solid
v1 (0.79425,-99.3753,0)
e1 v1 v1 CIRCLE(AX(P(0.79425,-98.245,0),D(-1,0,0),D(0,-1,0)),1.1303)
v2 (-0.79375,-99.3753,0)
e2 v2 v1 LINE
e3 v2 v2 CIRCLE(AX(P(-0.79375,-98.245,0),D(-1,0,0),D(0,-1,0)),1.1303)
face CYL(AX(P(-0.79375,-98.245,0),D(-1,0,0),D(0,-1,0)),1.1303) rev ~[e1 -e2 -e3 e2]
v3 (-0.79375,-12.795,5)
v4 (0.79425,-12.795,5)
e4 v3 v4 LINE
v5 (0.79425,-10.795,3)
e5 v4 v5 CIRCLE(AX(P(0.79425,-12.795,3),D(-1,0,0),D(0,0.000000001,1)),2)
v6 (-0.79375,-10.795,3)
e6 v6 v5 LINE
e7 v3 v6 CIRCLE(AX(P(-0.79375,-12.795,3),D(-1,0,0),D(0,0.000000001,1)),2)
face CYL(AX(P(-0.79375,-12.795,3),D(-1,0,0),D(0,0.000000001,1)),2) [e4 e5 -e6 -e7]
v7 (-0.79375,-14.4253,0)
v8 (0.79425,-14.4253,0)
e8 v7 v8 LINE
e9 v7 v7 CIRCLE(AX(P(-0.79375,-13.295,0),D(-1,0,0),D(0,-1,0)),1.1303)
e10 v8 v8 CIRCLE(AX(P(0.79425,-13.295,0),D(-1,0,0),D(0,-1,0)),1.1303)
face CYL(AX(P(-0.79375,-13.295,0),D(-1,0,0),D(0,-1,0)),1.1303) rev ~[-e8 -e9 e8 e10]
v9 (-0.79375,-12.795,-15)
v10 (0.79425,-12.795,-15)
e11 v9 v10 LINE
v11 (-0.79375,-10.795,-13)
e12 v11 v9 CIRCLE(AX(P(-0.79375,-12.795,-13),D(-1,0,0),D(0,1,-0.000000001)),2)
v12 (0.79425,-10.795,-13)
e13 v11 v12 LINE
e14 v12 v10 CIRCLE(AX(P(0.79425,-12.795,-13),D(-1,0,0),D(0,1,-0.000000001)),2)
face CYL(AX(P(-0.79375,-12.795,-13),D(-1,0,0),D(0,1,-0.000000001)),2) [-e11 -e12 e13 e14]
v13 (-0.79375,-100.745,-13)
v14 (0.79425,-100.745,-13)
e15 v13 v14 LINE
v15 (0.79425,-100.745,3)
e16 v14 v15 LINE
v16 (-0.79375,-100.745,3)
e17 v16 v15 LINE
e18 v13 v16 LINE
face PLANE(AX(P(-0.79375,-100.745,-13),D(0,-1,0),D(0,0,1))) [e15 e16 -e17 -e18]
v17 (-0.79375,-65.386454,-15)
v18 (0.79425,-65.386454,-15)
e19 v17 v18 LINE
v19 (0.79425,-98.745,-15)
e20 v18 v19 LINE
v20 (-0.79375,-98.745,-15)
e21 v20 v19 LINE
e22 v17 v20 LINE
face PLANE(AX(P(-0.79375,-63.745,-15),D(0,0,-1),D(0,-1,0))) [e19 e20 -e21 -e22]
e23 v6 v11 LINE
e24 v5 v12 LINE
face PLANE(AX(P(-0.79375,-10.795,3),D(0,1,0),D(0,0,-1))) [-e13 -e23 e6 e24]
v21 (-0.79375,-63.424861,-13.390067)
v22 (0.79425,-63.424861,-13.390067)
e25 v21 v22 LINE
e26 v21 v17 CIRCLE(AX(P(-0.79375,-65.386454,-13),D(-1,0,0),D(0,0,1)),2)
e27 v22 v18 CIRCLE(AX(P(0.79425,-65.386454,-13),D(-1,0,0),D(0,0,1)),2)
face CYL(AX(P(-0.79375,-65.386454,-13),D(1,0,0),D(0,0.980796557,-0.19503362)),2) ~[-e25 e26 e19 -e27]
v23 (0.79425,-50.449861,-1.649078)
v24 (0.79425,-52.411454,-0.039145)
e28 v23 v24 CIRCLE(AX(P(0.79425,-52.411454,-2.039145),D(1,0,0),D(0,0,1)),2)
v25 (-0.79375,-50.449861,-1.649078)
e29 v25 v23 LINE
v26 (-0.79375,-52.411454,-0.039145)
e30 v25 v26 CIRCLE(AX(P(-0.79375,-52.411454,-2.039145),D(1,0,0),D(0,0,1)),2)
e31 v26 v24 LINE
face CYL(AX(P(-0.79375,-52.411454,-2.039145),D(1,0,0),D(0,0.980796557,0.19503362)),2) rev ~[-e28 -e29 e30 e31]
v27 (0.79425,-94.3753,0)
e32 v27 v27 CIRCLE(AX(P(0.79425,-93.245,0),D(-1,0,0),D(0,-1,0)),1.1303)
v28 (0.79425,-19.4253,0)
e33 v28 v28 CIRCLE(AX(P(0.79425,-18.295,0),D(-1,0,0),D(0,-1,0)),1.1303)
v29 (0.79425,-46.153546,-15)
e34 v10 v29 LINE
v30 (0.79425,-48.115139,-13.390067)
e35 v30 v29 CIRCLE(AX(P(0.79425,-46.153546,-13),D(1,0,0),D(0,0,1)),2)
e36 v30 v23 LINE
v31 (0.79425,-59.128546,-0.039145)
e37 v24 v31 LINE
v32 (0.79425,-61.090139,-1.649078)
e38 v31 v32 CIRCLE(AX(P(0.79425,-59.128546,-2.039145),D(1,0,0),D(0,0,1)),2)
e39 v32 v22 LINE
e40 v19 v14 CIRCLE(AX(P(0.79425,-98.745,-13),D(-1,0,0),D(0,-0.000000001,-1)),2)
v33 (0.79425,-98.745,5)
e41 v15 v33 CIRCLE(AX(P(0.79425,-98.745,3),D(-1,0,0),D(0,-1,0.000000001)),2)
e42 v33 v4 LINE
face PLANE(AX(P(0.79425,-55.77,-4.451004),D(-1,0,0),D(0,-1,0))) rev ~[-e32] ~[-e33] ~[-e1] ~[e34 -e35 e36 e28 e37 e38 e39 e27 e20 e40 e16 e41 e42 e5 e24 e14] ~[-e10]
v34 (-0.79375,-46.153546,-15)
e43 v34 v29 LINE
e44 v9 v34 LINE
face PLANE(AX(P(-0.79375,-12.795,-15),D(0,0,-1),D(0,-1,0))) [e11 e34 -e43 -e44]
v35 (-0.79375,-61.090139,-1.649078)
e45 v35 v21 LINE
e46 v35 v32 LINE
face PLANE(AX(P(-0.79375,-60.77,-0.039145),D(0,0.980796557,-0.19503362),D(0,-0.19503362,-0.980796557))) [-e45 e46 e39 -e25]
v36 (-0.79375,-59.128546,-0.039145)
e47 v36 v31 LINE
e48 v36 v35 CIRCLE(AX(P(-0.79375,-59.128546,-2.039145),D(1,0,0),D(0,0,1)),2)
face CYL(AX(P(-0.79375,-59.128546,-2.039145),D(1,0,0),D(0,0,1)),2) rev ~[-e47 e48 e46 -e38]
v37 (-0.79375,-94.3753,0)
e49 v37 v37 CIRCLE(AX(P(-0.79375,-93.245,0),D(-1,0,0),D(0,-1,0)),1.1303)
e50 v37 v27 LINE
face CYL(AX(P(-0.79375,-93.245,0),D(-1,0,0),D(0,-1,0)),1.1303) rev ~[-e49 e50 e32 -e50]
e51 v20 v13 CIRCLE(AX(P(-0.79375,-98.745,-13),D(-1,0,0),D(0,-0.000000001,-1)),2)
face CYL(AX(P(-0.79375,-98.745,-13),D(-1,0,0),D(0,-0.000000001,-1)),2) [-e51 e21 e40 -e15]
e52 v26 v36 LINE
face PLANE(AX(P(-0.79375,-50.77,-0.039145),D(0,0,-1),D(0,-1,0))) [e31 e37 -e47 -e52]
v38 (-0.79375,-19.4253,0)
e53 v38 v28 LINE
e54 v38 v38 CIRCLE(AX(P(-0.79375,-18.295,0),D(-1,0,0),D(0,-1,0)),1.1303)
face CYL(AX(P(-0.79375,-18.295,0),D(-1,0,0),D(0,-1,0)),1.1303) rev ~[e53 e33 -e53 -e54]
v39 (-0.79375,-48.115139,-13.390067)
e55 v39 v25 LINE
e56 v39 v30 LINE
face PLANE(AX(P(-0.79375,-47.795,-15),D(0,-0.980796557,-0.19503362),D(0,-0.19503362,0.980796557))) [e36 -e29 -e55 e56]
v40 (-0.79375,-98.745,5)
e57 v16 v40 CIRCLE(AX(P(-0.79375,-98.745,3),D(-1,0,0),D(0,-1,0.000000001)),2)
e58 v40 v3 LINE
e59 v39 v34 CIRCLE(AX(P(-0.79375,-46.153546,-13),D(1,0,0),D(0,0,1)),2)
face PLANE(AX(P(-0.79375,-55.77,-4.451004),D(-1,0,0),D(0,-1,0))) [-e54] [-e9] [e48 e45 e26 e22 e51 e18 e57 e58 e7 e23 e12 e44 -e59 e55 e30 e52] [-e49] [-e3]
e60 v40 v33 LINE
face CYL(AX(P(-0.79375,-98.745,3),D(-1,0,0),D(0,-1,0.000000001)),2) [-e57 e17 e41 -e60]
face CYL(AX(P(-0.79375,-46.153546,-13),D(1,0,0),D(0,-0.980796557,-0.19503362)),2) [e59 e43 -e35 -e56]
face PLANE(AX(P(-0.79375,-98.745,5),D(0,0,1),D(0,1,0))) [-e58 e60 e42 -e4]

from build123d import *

# Parameters (mm, degrees)
SKETCH_1_R      = 1.1303
EXTRUDE_1_DEPTH = 1.588
FILLET_1_R      = 2
FILLET_2_R      = 2
FILLET_3_R      = 2
FILLET_4_R      = 2


with BuildPart() as part:
    # 草图1 → 凸台-拉伸1 (new body)
    with BuildSketch(Plane(origin=(-0.79375, 0, 0), x_dir=(0, -1, 0), z_dir=(-1, 0, 0))):
        with BuildLine():
            Line((38.795, 5), (12.795, 5))
            ThreePointArc((12.795, 5), (11.380786438, 4.414213562), (10.795, 3))
            Line((10.795, 3), (10.795, -13))
            ThreePointArc((10.795, -13), (11.380786438, -14.414213562), (12.795, -15))
            Line((12.795, -15), (47.795, -15))
            Line((47.795, -15), (50.77, -0.039144756))
            Line((50.77, -0.039144756), (55.77, -0.039144756))
            Line((55.77, -0.039144756), (60.77, -0.039144756))
            Line((60.77, -0.039144756), (63.745, -15))
            Line((63.745, -15), (98.745, -15))
            ThreePointArc((98.745, -15), (100.159213562, -14.414213562), (100.745, -13))
            Line((100.745, -13), (100.745, 3))
            ThreePointArc((100.745, 3), (100.159213562, 4.414213562), (98.745, 5))
            Line((98.745, 5), (72.745, 5))
            Line((72.745, 5), (38.795, 5))
        make_face()
        with Locations((18.295, 0)):
            Circle(SKETCH_1_R, mode=Mode.SUBTRACT)
        with Locations((13.295, 0)):
            Circle(SKETCH_1_R, mode=Mode.SUBTRACT)
        with Locations((98.245, 0)):
            Circle(SKETCH_1_R, mode=Mode.SUBTRACT)
        with Locations((93.245, 0)):
            Circle(SKETCH_1_R, mode=Mode.SUBTRACT)
    extrude(amount=-EXTRUDE_1_DEPTH)

    # 圆角1
    fillet_1_edges = [part.edges().sort_by_distance(p)[0] for p in [
        (0.00025, -50.77, -0.039144756),
    ]]
    fillet(fillet_1_edges, radius=FILLET_1_R)

    # 圆角2
    fillet_2_edges = [part.edges().sort_by_distance(p)[0] for p in [
        (0.00025, -47.795, -15),
    ]]
    fillet(fillet_2_edges, radius=FILLET_2_R)

    # 圆角3
    fillet_3_edges = [part.edges().sort_by_distance(p)[0] for p in [
        (0.00025, -60.77, -0.039144756),
    ]]
    fillet(fillet_3_edges, radius=FILLET_3_R)

    # 圆角4
    fillet_4_edges = [part.edges().sort_by_distance(p)[0] for p in [
        (0.00025, -63.745, -15),
    ]]
    fillet(fillet_4_edges, radius=FILLET_4_R)


solid = part.part
